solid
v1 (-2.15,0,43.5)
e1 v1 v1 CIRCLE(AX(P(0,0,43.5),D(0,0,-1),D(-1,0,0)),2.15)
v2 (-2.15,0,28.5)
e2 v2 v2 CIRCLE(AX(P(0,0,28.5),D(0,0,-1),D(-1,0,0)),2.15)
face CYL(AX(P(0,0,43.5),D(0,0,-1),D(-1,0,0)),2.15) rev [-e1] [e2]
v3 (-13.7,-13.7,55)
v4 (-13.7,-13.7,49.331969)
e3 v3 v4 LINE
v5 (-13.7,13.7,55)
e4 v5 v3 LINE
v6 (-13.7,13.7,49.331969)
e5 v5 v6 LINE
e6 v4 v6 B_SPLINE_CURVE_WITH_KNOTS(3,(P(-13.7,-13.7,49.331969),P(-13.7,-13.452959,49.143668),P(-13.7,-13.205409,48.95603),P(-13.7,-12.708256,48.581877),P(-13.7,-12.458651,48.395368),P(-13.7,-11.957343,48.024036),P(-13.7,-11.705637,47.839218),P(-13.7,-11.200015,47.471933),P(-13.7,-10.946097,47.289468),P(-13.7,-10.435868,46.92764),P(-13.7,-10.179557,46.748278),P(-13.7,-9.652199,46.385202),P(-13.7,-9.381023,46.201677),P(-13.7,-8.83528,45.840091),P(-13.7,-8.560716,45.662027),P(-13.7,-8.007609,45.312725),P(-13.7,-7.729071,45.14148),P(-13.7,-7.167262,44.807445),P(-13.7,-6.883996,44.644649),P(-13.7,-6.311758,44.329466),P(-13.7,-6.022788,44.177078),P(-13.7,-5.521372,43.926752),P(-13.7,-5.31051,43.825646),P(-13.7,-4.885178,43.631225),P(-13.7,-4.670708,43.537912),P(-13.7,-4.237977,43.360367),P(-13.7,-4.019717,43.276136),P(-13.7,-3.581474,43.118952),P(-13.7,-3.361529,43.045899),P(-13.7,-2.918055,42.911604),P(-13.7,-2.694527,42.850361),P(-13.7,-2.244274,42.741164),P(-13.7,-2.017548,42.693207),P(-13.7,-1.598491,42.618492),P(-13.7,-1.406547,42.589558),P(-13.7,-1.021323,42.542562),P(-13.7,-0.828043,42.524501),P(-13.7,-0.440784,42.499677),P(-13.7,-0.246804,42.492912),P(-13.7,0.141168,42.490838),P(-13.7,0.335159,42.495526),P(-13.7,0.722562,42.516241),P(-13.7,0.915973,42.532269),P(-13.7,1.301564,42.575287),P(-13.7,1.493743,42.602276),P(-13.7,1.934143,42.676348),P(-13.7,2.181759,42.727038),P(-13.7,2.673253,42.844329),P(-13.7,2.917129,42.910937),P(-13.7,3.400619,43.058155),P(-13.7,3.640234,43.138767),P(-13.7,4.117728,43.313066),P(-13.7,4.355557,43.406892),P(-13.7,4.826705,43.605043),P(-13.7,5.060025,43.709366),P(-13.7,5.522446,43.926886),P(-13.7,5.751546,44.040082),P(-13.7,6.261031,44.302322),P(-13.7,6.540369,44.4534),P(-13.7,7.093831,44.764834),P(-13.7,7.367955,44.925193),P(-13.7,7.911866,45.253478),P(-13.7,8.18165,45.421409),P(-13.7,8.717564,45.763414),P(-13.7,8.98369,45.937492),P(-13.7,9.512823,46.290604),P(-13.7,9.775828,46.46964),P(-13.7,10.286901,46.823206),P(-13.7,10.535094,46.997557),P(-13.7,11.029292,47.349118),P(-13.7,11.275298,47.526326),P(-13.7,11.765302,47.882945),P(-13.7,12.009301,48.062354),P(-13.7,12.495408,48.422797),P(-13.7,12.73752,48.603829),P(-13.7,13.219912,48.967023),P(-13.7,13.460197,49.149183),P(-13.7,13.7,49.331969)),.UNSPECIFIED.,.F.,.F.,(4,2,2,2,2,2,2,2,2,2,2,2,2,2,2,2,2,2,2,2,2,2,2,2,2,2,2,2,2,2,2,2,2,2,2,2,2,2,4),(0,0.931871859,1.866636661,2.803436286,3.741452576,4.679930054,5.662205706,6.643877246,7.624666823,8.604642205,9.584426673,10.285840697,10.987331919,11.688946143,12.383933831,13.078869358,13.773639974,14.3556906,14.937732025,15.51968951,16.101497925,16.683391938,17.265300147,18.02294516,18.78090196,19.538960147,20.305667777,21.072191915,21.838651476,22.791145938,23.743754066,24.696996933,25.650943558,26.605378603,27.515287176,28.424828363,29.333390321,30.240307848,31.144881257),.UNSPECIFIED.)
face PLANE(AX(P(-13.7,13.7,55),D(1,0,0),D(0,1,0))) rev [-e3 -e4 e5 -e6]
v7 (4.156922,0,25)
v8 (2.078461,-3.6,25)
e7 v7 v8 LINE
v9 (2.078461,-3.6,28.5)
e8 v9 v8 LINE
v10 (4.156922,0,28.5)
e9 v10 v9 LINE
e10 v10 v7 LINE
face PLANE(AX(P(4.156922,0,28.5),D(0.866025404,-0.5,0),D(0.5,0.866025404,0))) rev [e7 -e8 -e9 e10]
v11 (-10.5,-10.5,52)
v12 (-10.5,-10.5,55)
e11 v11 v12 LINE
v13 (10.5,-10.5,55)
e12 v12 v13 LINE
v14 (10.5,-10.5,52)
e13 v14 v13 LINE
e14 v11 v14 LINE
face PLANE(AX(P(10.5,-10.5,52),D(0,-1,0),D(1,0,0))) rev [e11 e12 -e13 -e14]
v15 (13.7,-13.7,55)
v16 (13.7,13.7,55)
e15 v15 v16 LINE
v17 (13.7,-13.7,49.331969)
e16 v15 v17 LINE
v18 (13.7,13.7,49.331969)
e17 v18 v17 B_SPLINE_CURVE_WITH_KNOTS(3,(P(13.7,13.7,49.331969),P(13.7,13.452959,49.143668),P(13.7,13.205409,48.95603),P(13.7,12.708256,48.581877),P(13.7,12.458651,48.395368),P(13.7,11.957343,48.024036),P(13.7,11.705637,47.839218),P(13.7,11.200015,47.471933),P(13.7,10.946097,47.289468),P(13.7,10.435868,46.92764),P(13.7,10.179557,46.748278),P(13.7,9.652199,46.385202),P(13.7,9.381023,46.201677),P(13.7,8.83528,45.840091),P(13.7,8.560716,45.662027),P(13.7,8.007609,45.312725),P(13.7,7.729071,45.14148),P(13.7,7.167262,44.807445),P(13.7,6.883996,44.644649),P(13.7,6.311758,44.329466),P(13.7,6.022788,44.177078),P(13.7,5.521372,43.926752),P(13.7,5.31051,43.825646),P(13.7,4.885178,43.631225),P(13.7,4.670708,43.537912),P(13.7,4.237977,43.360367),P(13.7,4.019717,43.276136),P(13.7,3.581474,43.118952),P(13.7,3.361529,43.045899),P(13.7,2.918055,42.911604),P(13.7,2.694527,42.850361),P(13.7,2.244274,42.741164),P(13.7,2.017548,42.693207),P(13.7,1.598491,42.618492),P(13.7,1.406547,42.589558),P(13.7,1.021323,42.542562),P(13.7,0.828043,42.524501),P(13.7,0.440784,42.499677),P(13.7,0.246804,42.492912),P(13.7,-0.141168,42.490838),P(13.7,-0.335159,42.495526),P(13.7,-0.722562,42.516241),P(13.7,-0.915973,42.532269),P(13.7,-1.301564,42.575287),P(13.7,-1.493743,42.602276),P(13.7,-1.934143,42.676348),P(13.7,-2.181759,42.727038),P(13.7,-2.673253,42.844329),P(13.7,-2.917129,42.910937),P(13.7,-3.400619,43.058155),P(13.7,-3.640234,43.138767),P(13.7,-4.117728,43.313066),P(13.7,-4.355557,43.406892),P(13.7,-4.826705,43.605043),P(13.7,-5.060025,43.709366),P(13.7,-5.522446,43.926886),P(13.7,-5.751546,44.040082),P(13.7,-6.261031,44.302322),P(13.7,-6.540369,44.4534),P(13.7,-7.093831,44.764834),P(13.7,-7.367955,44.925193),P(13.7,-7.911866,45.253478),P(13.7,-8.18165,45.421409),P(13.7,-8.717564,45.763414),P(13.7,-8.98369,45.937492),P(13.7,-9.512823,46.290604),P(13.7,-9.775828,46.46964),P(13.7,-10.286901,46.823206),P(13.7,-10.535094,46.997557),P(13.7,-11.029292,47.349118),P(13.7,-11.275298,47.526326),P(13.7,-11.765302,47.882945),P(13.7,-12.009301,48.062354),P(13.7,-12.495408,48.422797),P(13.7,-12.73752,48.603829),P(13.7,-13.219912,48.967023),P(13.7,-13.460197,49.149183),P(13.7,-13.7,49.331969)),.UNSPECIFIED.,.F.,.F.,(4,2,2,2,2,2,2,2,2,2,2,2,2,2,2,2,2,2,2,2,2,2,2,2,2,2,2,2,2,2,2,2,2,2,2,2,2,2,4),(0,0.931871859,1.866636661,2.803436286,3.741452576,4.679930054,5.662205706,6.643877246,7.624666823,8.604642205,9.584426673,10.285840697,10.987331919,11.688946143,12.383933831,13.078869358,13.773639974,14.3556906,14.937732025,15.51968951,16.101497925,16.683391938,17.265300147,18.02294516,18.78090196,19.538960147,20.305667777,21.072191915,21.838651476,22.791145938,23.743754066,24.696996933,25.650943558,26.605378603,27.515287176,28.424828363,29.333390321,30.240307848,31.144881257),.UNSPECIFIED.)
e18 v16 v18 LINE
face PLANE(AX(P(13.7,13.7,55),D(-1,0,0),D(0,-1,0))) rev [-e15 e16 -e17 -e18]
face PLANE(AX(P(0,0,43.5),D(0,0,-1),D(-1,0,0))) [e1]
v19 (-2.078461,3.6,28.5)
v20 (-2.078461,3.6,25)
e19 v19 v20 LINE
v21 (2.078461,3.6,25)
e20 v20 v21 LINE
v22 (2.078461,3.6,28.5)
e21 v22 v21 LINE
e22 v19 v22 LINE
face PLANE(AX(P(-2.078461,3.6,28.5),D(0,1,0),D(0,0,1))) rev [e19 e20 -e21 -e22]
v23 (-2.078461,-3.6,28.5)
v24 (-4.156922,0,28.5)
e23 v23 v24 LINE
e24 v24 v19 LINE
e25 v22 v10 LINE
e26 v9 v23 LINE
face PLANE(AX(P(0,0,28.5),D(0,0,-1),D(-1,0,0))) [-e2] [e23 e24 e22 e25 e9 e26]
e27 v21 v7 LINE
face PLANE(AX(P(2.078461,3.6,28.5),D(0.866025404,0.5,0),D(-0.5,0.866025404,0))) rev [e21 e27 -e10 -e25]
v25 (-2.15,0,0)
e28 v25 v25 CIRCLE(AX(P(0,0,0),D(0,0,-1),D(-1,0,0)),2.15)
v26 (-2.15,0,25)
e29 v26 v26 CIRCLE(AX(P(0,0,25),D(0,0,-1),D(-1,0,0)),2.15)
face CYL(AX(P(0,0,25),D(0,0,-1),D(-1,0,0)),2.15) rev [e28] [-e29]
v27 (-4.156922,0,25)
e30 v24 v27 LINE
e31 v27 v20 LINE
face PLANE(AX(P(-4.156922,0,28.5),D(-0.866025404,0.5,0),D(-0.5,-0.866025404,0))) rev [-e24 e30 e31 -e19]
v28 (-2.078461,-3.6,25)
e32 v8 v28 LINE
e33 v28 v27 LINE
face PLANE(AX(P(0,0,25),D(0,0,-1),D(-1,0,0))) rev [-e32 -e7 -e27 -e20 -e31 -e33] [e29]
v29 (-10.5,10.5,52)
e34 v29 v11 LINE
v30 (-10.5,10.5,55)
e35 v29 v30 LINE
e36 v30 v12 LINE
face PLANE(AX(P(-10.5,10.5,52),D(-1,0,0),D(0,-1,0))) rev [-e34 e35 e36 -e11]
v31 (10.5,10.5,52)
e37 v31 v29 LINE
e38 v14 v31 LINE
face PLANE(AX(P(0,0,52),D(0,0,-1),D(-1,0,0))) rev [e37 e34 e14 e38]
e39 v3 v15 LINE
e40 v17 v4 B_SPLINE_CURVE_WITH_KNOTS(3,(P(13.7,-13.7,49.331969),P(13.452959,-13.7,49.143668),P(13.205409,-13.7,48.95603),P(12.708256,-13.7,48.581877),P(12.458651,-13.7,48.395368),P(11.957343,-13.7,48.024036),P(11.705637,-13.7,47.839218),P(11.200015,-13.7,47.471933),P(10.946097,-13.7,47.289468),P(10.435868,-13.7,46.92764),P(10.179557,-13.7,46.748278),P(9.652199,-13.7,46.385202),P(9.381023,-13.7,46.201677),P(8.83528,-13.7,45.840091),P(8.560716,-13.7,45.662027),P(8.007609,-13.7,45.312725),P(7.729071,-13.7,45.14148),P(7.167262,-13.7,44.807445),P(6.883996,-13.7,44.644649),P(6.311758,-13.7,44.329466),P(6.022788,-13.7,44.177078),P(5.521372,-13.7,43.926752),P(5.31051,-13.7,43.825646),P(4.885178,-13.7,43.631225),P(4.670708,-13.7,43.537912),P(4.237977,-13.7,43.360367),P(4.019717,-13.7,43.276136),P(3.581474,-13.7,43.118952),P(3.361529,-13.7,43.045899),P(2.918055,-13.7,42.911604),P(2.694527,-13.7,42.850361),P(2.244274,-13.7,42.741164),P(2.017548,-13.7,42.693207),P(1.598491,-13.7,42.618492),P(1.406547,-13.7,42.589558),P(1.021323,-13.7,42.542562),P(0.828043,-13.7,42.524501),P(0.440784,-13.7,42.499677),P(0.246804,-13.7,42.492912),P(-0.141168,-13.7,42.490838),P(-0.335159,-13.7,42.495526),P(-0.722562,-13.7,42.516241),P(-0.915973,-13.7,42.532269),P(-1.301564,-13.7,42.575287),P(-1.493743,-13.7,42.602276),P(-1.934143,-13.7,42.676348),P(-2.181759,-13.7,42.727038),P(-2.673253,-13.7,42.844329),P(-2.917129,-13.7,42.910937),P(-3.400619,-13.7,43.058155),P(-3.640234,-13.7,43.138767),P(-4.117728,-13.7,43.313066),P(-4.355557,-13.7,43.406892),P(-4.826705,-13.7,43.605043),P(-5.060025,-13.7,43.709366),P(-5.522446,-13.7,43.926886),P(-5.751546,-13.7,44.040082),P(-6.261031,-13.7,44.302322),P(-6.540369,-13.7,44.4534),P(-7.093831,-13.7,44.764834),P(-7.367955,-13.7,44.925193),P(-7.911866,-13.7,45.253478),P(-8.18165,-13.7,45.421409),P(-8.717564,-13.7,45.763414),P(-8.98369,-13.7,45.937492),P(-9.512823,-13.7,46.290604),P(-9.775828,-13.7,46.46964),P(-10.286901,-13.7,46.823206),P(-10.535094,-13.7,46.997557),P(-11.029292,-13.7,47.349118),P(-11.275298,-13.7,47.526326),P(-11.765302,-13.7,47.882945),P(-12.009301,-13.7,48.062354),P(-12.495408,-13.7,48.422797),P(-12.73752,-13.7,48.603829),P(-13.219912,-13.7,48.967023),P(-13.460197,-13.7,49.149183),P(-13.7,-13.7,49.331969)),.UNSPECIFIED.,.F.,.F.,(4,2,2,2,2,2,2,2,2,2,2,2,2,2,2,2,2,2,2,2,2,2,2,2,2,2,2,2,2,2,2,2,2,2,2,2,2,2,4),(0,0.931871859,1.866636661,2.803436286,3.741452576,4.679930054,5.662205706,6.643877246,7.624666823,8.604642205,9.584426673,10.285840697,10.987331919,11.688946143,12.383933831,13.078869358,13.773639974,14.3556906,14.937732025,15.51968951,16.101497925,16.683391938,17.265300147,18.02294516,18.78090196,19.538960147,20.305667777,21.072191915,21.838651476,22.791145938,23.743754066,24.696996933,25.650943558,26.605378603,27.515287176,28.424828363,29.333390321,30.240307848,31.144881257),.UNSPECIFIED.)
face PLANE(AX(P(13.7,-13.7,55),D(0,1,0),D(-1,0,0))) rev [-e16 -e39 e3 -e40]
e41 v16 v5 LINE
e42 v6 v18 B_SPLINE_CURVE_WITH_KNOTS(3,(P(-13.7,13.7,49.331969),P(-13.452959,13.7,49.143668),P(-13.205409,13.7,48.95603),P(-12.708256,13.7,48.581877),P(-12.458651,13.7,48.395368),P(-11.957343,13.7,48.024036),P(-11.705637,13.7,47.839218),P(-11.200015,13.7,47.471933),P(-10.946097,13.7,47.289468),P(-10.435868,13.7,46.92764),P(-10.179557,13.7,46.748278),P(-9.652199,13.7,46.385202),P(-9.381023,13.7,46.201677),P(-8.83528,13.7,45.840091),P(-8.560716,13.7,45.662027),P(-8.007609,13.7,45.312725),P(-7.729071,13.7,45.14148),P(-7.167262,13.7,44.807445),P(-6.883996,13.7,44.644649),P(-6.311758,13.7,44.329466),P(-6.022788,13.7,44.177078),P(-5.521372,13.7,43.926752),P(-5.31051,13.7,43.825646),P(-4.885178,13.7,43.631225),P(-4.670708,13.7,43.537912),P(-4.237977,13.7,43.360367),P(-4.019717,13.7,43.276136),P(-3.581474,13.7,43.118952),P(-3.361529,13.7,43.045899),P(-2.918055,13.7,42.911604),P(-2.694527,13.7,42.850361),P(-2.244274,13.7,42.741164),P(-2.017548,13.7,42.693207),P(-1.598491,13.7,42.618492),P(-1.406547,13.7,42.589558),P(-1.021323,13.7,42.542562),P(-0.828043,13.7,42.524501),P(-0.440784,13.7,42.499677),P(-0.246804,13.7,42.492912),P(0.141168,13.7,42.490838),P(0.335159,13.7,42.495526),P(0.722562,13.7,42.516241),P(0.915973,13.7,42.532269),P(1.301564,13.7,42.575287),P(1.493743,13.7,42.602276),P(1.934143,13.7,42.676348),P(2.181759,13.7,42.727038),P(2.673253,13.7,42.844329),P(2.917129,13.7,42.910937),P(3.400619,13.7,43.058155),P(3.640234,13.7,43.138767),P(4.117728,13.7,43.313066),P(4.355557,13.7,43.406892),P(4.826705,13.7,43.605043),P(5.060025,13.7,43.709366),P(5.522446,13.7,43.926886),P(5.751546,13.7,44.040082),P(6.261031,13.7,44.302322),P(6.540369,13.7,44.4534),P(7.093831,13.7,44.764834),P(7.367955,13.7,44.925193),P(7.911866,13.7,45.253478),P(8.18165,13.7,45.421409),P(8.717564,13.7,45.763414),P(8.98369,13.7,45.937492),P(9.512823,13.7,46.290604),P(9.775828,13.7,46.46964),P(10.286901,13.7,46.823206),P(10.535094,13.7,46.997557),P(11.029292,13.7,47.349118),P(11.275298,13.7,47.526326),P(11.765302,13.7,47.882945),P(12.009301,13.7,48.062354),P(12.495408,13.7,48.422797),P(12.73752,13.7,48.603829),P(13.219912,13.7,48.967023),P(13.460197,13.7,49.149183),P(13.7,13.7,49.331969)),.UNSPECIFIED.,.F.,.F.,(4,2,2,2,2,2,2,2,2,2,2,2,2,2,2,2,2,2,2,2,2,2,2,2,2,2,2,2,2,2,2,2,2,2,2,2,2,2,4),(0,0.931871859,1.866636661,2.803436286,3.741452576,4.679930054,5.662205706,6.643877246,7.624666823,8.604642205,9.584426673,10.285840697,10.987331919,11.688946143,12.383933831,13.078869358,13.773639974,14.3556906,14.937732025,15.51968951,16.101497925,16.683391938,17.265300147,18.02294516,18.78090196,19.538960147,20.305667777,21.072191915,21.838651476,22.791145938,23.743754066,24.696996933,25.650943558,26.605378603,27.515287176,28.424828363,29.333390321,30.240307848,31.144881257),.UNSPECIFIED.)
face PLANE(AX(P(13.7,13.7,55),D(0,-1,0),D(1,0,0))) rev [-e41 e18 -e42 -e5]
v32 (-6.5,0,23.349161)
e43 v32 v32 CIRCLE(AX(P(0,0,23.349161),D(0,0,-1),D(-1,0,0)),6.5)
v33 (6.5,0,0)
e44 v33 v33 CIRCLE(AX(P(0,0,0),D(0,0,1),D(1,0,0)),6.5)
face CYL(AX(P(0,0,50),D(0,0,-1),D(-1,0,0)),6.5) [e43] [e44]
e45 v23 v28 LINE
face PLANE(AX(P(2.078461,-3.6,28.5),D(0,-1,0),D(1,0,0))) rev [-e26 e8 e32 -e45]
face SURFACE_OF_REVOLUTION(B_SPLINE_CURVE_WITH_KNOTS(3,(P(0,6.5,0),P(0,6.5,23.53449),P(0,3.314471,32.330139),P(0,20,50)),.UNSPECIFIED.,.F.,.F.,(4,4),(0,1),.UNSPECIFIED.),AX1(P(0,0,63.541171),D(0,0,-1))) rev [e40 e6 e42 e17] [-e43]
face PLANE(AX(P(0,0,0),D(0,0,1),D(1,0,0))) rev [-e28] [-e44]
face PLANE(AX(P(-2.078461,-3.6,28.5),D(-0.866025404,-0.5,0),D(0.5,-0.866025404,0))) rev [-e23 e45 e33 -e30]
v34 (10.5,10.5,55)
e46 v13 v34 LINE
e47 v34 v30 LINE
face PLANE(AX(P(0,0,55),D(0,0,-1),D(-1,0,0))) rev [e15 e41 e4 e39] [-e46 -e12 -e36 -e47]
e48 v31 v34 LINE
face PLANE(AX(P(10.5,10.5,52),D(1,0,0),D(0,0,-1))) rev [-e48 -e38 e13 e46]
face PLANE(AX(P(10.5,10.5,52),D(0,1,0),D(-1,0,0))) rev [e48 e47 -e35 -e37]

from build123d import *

# Parameters (mm, degrees)
SKETCH1_R           = 6.5
BOSS_EXTRUDE1_DEPTH = 50
SKETCH2_W           = 27.4
SKETCH2_H           = 27.4
BOSS_EXTRUDE2_DEPTH = 5
SKETCH3_W           = 21
SKETCH3_H           = 21
CUT_EXTRUDE1_DEPTH  = 3
SKETCH7_W           = 47.139349652
SKETCH7_H           = 47.139349652
SKETCH7_W_2         = 27.4
SKETCH7_H_2         = 27.4
CUT_EXTRUDE2_DEPTH  = 78
SKETCH8_R           = 2.15
CUT_EXTRUDE3_DEPTH  = 25
CUT_EXTRUDE4_DEPTH  = 3.5
SKETCH10_R          = 2.15
CUT_EXTRUDE5_DEPTH  = 15


with BuildPart() as part:
    # Sketch1 → Boss-Extrude1 (new body)
    with BuildSketch(Plane.XY):
        Circle(SKETCH1_R)
    extrude(amount=BOSS_EXTRUDE1_DEPTH)

    # Sketch2 → Boss-Extrude2 (add)
    with BuildSketch(Plane.XY.offset(50)):
        Rectangle(SKETCH2_W, SKETCH2_H)
    extrude(amount=BOSS_EXTRUDE2_DEPTH)

    # Sketch3 → Cut-Extrude1 (cut)
    with BuildSketch(Plane.XY.offset(55)):
        Rectangle(SKETCH3_W, SKETCH3_H)
    extrude(amount=-CUT_EXTRUDE1_DEPTH, mode=Mode.SUBTRACT)

    # Sketch6 → Revolve1 (revolve)
    with BuildSketch(Plane(origin=(0, 0, 0), x_dir=(0, 0, -1), z_dir=(1, 0, 0))):
        with BuildLine():
            Line((-50, 0), (-50, 20))
            add(Edge.make_bspline(
                [(-50, 20), (-32.330139343, 3.31447133), (-23.53449028, 6.5), (0, 6.5)],
                knots=[0, 0, 0, 0, 1, 1, 1, 1], degree=3))
            Line((0, 6.5), (0, 0))
            Line((0, 0), (-50, 0))
        make_face()
    revolve(axis=Axis((0, 0, 63.541170981), (0, 0, 1)))

    # Sketch7 → Cut-Extrude2 (cut)
    with BuildSketch(Plane.XY.offset(50)):
        Rectangle(SKETCH7_W, SKETCH7_H)
        Rectangle(SKETCH7_W_2, SKETCH7_H_2, mode=Mode.SUBTRACT)
    extrude(amount=-CUT_EXTRUDE2_DEPTH, mode=Mode.SUBTRACT)

    # Sketch8 → Cut-Extrude3 (cut)
    with BuildSketch(Plane(origin=(0, 0, 0), x_dir=(-1, 0, 0), z_dir=(0, 0, -1))):
        Circle(SKETCH8_R)
    extrude(amount=-CUT_EXTRUDE3_DEPTH, mode=Mode.SUBTRACT)

    # Sketch9 → Cut-Extrude4 (cut)
    with BuildSketch(Plane(origin=(0, 0, 25), x_dir=(-1, 0, 0), z_dir=(0, 0, -1))):
        Polygon((4.156921938, 0), (2.078460969, 3.6), (-2.078460969, 3.6), (-4.156921938, 0), (-2.078460969, -3.6), (2.078460969, -3.6), align=None)
    extrude(amount=-CUT_EXTRUDE4_DEPTH, mode=Mode.SUBTRACT)

    # Sketch10 → Cut-Extrude5 (cut)
    with BuildSketch(Plane(origin=(0, 0, 28.5), x_dir=(-1, 0, 0), z_dir=(0, 0, -1))):
        Circle(SKETCH10_R)
    extrude(amount=-CUT_EXTRUDE5_DEPTH, mode=Mode.SUBTRACT)


solid = part.part
